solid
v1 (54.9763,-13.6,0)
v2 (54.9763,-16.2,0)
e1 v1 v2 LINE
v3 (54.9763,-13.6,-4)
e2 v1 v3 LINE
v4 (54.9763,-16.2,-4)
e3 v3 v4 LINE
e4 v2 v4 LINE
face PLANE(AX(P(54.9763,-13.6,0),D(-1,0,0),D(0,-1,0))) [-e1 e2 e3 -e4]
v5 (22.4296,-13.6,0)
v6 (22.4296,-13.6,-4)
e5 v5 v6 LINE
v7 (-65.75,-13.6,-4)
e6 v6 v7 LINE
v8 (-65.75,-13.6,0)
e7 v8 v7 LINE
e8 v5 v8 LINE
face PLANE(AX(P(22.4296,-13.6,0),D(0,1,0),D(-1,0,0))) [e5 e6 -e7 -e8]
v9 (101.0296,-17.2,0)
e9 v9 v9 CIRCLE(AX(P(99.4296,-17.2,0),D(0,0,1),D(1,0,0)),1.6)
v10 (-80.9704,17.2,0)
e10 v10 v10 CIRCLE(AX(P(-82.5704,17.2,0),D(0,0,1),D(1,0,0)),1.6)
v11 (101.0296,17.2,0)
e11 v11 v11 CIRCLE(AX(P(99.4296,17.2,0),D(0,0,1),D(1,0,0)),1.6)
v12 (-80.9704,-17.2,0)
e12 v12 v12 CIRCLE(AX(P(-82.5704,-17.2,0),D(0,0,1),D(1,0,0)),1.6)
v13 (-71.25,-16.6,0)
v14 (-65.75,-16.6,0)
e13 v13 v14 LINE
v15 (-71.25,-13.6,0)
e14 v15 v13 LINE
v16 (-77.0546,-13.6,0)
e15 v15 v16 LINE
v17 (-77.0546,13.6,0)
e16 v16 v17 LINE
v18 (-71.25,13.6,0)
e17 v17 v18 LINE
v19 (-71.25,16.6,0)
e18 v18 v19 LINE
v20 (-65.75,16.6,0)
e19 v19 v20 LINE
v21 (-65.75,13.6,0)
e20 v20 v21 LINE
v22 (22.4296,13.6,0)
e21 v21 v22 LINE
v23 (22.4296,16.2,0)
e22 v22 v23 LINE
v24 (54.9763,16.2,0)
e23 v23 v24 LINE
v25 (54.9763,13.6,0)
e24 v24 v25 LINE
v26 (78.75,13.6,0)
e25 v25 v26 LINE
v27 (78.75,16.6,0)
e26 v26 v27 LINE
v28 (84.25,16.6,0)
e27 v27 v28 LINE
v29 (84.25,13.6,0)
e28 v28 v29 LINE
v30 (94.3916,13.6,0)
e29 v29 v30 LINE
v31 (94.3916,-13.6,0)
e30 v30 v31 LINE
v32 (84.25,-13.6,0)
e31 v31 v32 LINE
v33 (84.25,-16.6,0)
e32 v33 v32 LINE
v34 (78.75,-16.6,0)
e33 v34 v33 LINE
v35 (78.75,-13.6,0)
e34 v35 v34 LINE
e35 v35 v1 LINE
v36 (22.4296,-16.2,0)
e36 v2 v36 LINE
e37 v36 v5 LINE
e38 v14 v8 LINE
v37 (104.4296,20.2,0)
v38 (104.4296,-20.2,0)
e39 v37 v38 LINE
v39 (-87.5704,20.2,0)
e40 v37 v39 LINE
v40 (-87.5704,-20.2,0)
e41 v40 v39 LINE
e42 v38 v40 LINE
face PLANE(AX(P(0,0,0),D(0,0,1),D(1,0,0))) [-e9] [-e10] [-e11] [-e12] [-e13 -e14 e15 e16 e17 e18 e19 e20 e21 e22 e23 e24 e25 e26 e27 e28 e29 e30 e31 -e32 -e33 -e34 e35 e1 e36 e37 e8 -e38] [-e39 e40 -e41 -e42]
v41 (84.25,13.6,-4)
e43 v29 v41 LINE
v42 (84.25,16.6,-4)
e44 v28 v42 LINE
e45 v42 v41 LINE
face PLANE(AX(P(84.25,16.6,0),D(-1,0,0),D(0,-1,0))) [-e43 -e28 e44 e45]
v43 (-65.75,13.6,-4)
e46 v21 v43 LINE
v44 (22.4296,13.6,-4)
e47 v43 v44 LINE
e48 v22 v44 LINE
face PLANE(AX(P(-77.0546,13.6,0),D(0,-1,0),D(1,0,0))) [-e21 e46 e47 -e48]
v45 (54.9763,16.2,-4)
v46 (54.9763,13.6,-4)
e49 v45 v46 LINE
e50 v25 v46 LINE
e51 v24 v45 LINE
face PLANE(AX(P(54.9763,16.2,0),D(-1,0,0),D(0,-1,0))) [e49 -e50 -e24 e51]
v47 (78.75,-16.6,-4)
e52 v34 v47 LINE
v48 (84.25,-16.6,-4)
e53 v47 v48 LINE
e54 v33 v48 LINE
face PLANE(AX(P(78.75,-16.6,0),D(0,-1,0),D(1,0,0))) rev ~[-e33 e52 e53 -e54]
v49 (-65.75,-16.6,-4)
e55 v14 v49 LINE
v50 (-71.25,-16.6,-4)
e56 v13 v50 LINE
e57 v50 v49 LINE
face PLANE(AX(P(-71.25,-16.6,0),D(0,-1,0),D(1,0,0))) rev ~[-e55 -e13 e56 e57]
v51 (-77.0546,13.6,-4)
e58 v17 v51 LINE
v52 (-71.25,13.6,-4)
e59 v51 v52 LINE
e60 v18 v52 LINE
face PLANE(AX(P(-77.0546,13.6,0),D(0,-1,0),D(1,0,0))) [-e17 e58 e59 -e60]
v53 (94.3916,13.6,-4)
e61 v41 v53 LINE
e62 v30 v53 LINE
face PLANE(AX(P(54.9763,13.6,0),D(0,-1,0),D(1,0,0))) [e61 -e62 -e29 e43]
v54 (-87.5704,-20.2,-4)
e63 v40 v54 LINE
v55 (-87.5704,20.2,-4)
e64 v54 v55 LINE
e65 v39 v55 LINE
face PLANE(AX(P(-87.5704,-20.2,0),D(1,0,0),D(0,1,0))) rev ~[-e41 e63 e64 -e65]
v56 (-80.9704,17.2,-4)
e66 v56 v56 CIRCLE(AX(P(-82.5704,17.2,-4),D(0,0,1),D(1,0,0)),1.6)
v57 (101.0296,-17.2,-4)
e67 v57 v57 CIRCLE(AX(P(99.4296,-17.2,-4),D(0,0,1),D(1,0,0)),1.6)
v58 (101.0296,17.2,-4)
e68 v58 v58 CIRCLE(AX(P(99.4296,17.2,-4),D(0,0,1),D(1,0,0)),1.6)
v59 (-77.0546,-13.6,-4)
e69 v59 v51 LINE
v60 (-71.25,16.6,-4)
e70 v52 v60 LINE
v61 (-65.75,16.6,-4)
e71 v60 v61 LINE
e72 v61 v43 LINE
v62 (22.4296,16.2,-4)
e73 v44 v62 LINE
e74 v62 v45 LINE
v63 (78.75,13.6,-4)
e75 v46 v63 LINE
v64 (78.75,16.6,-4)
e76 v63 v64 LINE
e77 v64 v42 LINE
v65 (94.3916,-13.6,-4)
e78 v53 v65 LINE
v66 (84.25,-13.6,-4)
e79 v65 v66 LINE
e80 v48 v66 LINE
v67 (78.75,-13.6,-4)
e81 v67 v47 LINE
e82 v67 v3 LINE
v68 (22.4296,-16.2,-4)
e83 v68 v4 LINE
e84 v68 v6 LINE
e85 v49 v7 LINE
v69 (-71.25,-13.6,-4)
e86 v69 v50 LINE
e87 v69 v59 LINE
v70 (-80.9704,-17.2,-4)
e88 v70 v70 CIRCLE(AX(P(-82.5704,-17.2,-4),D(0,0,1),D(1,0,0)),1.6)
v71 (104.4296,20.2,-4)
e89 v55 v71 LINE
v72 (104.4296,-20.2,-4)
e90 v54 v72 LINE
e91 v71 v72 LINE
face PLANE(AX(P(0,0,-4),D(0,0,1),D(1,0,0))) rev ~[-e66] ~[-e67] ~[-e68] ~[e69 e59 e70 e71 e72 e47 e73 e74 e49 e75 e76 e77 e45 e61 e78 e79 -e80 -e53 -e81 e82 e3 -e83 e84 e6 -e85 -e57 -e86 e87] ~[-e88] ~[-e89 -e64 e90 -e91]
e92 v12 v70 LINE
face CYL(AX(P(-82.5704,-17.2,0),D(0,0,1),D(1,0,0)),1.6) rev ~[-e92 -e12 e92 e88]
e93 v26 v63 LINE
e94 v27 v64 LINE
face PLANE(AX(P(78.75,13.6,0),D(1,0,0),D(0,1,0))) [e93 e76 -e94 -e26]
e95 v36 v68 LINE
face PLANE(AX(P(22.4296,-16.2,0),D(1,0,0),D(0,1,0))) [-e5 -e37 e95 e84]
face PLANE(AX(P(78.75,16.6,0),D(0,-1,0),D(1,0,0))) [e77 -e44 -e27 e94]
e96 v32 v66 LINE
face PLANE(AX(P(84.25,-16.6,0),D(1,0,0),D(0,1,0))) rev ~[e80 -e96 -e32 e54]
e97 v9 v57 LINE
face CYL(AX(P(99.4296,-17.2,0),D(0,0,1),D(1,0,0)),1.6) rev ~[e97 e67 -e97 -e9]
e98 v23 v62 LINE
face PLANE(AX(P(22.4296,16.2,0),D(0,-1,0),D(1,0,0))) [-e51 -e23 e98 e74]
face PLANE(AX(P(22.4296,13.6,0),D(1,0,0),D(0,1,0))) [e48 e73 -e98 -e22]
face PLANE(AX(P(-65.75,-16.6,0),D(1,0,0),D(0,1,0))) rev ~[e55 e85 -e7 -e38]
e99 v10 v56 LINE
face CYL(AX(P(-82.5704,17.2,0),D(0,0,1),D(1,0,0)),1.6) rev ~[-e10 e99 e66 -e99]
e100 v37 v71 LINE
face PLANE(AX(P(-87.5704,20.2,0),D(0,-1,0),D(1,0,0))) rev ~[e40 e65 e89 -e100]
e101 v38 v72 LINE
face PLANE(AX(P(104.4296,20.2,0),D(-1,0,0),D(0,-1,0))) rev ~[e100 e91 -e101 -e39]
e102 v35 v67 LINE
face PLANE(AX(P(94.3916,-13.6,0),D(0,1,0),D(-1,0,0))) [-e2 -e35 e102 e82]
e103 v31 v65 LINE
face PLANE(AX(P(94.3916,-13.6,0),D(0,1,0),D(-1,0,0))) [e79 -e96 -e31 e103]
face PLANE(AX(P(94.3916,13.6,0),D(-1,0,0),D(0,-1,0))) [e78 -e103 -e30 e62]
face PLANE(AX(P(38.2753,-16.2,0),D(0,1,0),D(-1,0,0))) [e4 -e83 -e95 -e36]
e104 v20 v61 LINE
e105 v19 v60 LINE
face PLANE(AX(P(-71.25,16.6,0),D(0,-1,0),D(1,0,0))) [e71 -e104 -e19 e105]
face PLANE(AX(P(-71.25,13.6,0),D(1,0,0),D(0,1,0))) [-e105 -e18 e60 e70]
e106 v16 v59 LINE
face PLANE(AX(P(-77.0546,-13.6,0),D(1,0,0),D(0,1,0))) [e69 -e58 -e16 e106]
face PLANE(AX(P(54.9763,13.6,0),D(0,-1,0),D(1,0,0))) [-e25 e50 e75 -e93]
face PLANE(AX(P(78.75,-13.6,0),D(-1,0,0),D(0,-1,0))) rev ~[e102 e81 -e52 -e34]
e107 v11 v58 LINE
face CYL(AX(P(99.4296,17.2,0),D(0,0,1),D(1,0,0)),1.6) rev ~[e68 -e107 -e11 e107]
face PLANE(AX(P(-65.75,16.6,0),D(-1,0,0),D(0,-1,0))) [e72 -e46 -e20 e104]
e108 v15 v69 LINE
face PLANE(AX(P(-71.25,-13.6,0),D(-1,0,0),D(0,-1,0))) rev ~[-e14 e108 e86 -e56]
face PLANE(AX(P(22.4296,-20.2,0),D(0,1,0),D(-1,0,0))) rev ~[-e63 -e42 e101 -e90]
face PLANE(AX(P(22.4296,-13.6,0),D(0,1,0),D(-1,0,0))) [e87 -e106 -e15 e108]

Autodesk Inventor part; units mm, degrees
ref_plane "YZ Plane" through (0, 0, 0) normal (1, 0, 0) x (0, 1, 0)
ref_plane "XZ Plane" through (0, 0, 0) normal (0, 1, 0) x (-1, 0, 0)
ref_plane "XY Plane" through (0, 0, 0) normal (0, 0, 1) x (1, 0, 0)
sketch "Sketch1" plane through (0, 0, 0) normal (0, 0, 1) x (1, 0, 0)
  line L0 (93.3916, -12.6) -> (93.3916, 12.6)
  line L1 (53.9763, -12.6) -> (93.3916, -12.6)
  line L2 (53.9763, -15.2) -> (53.9763, -12.6)
  line L3 (38.2753, -15.2) -> (53.9763, -15.2)
  line L4 (38.2753, -15.2) -> (23.4296, -15.2)
  line L5 (23.4296, -12.6) -> (23.4296, -15.2)
  line L6 (-76.0546, -12.6) -> (23.4296, -12.6)
  line L7 (23.4296, 12.6) -> (-76.0546, 12.6)
  line L8 (23.4296, 15.2) -> (23.4296, 12.6)
  line L9 (-76.0546, 12.6) -> (-76.0546, -12.6)
  line L10 (-70.1, 10) -> (-66.9, 10)
  line L11 (-66.9, -10) -> (-70.1, -10)
  line L12 (23.4296, 15.2) -> (53.9763, 15.2)
  line L13 (53.9763, 15.2) -> (53.9763, 12.6)
  line L14 (53.9763, 12.6) -> (93.3916, 12.6)
  line L15 (-77.0546, 13.6) -> (22.4296, 13.6)
  line L16 (22.4296, 13.6) -> (22.4296, 16.2)
  line L17 (22.4296, 16.2) -> (54.9763, 16.2)
  line L18 (54.9763, 16.2) -> (54.9763, 13.6)
  line L19 (54.9763, 13.6) -> (94.3916, 13.6)
  line L20 (94.3916, 13.6) -> (94.3916, -13.6)
  line L21 (94.3916, -13.6) -> (54.9763, -13.6)
  line L22 (54.9763, -13.6) -> (54.9763, -16.2)
  line L23 (54.9763, -16.2) -> (38.2753, -16.2)
  line L24 (38.2753, -16.2) -> (22.4296, -16.2)
  line L25 (22.4296, -16.2) -> (22.4296, -13.6)
  line L26 (22.4296, -13.6) -> (-77.0546, -13.6)
  line L27 (-77.0546, -13.6) -> (-77.0546, 13.6)
  line L28 (22.4296, -16.2) -> (22.4296, -20.2) construction
  line L29 (22.4296, -20.2) -> (-87.5704, -20.2)
  line L30 (-87.5704, -20.2) -> (-87.5704, 20.2)
  line L31 (-87.5704, 20.2) -> (22.4296, 20.2)
  line L32 (104.4296, -20.2) -> (22.4296, -20.2)
  line L33 (22.4296, 20.2) -> (104.4296, 20.2)
  line L34 (104.4296, 20.2) -> (104.4296, -20.2)
  circle A0 centre (-82.5704, 17.2) radius 1.6
  circle A1 centre (-82.5704, -17.2) radius 1.6
  circle A2 centre (99.4296, 17.2) radius 1.6
  circle A3 centre (99.4296, -17.2) radius 1.6
  dimension "d0" = 1
  dimension "d1" = 4
  dimension "d2" = 110
  dimension "d3" = 40.4
  dimension "d5" = 82
  dimension "d18" = 5
  dimension "d19" = 5
  dimension "d20" = 3
  dimension "d21" = 3
  dimension "d22" = 5
  dimension "d23" = 3
  dimension "d24" = 5
  dimension "d25" = 3
extrude "Extrusion1" add sketch "Sketch1" against normal blind 4 contours L29 L30 L31 L33 L34 L32
sketch "Sketch2" plane through (0, 0, 0) normal (0, 0, 1) x (1, 0, 0)
  line L0 (79.9, -10) -> (83.1, -10) construction
  line L1 (83.1, 10) -> (79.9, 10) construction
  line L2 (-66.9, -10) -> (-70.1, -10) construction
  line L3 (-70.1, 10) -> (-66.9, 10) construction
  line L4 (81.5, -10) -> (81.5, -13.6) construction
  line L5 (94.3916, -13.6) -> (54.9763, -13.6) projected
  line L6 (81.5, 10) -> (81.5, 13.6) construction
  line L7 (54.9763, 13.6) -> (94.3916, 13.6) projected
  line L8 (-68.5, -10) -> (-68.5, -13.6) construction
  line L9 (22.4296, -13.6) -> (-77.0546, -13.6) projected
  line L10 (-68.5, 10) -> (-68.5, 13.6) construction
  line L11 (-77.0546, 13.6) -> (22.4296, 13.6) projected
  line L12 (84.25, -10.6) -> (78.75, -10.6)
  line L13 (78.75, -10.6) -> (78.75, -16.6)
  line L14 (78.75, -16.6) -> (84.25, -16.6)
  line L15 (84.25, -16.6) -> (84.25, -10.6)
  line L16 (84.25, -10.6) -> (78.75, -16.6) construction
  line L17 (78.75, -10.6) -> (84.25, -16.6) construction
  line L18 (84.25, 10.6) -> (78.75, 10.6)
  line L19 (78.75, 10.6) -> (78.75, 16.6)
  line L20 (78.75, 16.6) -> (84.25, 16.6)
  line L21 (84.25, 16.6) -> (84.25, 10.6)
  line L22 (84.25, 10.6) -> (78.75, 16.6) construction
  line L23 (78.75, 10.6) -> (84.25, 16.6) construction
  line L24 (-65.75, 10.6) -> (-71.25, 10.6)
  line L25 (-71.25, 10.6) -> (-71.25, 16.6)
  line L26 (-71.25, 16.6) -> (-65.75, 16.6)
  line L27 (-65.75, 16.6) -> (-65.75, 10.6)
  line L28 (-65.75, 10.6) -> (-71.25, 16.6) construction
  line L29 (-71.25, 10.6) -> (-65.75, 16.6) construction
  line L30 (-65.75, -10.6) -> (-71.25, -10.6)
  line L31 (-71.25, -10.6) -> (-71.25, -16.6)
  line L32 (-71.25, -16.6) -> (-65.75, -16.6)
  line L33 (-65.75, -16.6) -> (-65.75, -10.6)
  line L34 (-65.75, -10.6) -> (-71.25, -16.6) construction
  line L35 (-71.25, -10.6) -> (-65.75, -16.6) construction
  point P0 (0, 0)
  point P1 (-71.25, 13.6)
  point P2 (-65.75, 13.6)
  point P3 (-65.75, -13.6)
  point P4 (-71.25, -13.6)
  point P5 (78.75, 13.6)
  point P6 (84.25, 13.6)
  point P7 (84.25, -13.6)
  point P8 (78.75, -13.6)
  dimension "d8" = 5.5
  dimension "d9" = 6
  dimension "d10" = 5.5
  dimension "d11" = 6
  dimension "d12" = 5.5
  dimension "d13" = 6
  dimension "d14" = 5.5
  dimension "d15" = 6
extrude "Extrusion2" cut sketch "Sketch2" against normal blind 4 contours L15 L14 L13 L5 | L19 L20 L21 L7 | L33 L32 L31 L9 | L25 L26 L27 L11
sketch "Sketch4" plane through (-71.25, 16.6, 0) normal (0, -1, 0) x (1, 0, 0)
  line L0 (0, 0) -> (0, -4) construction
  line L1 (5.5, -4) -> (0, -4) construction
  line L2 (150, -4) -> (5.5, -4) construction
  line L3 (155.5, -4) -> (150, -4) construction
  line L4 (169.1963, -4) -> (155.5, -4) construction
  line L5 (169.1963, 0) -> (169.1963, -4) construction
  line L6 (155.5, 0) -> (169.1963, 0) construction
  line L7 (155.5, -4) -> (155.5, 0) construction
  line L8 (0, 0) -> (5.5, 0) construction
  line L9 (-9.8372, 0) -> (0, 0) construction
  line L10 (-9.8372, -4) -> (-9.8372, 0) construction
  line L11 (0, -4) -> (-9.8372, -4) construction
  line L12 (5.5, -4) -> (5.5, 0) construction
  line L13 (150, 0) -> (150, -4) construction
  line L14 (5.5, 0) -> (150, 0) construction
  line L15 (150, 0) -> (155.5, 0) construction
  line L16 (175.6796, -4) -> (172.1628, -4) construction
  line L17 (172.1628, -4) -> (172.1628, 0) construction
  line L18 (172.1628, 0) -> (175.6796, 0) construction
  line L19 (175.6796, 0) -> (175.6796, -4) construction
  line L20 (-12.8037, -4) -> (-16.3204, -4) projected
  line L21 (-16.3204, -4) -> (-16.3204, 0) projected
  line L22 (-16.3204, 0) -> (-12.8037, 0) projected
  line L23 (-12.8037, 0) -> (-12.8037, -4) projected
  line L24 (0, 0) -> (5.5, 0) construction
  line L25 (2.75, 0) -> (2.75, -2.75) construction
  line L26 (150, 0) -> (155.5, 0) construction
  line L27 (152.75, 0) -> (152.75, -2.75) construction
  point P0 (71.25, 0)
  dimension "d26" = 2.75
  dimension "d27" = 2.75
properties part number "Template-Fixture-Mid" material "Polycarbonate, Clear"
